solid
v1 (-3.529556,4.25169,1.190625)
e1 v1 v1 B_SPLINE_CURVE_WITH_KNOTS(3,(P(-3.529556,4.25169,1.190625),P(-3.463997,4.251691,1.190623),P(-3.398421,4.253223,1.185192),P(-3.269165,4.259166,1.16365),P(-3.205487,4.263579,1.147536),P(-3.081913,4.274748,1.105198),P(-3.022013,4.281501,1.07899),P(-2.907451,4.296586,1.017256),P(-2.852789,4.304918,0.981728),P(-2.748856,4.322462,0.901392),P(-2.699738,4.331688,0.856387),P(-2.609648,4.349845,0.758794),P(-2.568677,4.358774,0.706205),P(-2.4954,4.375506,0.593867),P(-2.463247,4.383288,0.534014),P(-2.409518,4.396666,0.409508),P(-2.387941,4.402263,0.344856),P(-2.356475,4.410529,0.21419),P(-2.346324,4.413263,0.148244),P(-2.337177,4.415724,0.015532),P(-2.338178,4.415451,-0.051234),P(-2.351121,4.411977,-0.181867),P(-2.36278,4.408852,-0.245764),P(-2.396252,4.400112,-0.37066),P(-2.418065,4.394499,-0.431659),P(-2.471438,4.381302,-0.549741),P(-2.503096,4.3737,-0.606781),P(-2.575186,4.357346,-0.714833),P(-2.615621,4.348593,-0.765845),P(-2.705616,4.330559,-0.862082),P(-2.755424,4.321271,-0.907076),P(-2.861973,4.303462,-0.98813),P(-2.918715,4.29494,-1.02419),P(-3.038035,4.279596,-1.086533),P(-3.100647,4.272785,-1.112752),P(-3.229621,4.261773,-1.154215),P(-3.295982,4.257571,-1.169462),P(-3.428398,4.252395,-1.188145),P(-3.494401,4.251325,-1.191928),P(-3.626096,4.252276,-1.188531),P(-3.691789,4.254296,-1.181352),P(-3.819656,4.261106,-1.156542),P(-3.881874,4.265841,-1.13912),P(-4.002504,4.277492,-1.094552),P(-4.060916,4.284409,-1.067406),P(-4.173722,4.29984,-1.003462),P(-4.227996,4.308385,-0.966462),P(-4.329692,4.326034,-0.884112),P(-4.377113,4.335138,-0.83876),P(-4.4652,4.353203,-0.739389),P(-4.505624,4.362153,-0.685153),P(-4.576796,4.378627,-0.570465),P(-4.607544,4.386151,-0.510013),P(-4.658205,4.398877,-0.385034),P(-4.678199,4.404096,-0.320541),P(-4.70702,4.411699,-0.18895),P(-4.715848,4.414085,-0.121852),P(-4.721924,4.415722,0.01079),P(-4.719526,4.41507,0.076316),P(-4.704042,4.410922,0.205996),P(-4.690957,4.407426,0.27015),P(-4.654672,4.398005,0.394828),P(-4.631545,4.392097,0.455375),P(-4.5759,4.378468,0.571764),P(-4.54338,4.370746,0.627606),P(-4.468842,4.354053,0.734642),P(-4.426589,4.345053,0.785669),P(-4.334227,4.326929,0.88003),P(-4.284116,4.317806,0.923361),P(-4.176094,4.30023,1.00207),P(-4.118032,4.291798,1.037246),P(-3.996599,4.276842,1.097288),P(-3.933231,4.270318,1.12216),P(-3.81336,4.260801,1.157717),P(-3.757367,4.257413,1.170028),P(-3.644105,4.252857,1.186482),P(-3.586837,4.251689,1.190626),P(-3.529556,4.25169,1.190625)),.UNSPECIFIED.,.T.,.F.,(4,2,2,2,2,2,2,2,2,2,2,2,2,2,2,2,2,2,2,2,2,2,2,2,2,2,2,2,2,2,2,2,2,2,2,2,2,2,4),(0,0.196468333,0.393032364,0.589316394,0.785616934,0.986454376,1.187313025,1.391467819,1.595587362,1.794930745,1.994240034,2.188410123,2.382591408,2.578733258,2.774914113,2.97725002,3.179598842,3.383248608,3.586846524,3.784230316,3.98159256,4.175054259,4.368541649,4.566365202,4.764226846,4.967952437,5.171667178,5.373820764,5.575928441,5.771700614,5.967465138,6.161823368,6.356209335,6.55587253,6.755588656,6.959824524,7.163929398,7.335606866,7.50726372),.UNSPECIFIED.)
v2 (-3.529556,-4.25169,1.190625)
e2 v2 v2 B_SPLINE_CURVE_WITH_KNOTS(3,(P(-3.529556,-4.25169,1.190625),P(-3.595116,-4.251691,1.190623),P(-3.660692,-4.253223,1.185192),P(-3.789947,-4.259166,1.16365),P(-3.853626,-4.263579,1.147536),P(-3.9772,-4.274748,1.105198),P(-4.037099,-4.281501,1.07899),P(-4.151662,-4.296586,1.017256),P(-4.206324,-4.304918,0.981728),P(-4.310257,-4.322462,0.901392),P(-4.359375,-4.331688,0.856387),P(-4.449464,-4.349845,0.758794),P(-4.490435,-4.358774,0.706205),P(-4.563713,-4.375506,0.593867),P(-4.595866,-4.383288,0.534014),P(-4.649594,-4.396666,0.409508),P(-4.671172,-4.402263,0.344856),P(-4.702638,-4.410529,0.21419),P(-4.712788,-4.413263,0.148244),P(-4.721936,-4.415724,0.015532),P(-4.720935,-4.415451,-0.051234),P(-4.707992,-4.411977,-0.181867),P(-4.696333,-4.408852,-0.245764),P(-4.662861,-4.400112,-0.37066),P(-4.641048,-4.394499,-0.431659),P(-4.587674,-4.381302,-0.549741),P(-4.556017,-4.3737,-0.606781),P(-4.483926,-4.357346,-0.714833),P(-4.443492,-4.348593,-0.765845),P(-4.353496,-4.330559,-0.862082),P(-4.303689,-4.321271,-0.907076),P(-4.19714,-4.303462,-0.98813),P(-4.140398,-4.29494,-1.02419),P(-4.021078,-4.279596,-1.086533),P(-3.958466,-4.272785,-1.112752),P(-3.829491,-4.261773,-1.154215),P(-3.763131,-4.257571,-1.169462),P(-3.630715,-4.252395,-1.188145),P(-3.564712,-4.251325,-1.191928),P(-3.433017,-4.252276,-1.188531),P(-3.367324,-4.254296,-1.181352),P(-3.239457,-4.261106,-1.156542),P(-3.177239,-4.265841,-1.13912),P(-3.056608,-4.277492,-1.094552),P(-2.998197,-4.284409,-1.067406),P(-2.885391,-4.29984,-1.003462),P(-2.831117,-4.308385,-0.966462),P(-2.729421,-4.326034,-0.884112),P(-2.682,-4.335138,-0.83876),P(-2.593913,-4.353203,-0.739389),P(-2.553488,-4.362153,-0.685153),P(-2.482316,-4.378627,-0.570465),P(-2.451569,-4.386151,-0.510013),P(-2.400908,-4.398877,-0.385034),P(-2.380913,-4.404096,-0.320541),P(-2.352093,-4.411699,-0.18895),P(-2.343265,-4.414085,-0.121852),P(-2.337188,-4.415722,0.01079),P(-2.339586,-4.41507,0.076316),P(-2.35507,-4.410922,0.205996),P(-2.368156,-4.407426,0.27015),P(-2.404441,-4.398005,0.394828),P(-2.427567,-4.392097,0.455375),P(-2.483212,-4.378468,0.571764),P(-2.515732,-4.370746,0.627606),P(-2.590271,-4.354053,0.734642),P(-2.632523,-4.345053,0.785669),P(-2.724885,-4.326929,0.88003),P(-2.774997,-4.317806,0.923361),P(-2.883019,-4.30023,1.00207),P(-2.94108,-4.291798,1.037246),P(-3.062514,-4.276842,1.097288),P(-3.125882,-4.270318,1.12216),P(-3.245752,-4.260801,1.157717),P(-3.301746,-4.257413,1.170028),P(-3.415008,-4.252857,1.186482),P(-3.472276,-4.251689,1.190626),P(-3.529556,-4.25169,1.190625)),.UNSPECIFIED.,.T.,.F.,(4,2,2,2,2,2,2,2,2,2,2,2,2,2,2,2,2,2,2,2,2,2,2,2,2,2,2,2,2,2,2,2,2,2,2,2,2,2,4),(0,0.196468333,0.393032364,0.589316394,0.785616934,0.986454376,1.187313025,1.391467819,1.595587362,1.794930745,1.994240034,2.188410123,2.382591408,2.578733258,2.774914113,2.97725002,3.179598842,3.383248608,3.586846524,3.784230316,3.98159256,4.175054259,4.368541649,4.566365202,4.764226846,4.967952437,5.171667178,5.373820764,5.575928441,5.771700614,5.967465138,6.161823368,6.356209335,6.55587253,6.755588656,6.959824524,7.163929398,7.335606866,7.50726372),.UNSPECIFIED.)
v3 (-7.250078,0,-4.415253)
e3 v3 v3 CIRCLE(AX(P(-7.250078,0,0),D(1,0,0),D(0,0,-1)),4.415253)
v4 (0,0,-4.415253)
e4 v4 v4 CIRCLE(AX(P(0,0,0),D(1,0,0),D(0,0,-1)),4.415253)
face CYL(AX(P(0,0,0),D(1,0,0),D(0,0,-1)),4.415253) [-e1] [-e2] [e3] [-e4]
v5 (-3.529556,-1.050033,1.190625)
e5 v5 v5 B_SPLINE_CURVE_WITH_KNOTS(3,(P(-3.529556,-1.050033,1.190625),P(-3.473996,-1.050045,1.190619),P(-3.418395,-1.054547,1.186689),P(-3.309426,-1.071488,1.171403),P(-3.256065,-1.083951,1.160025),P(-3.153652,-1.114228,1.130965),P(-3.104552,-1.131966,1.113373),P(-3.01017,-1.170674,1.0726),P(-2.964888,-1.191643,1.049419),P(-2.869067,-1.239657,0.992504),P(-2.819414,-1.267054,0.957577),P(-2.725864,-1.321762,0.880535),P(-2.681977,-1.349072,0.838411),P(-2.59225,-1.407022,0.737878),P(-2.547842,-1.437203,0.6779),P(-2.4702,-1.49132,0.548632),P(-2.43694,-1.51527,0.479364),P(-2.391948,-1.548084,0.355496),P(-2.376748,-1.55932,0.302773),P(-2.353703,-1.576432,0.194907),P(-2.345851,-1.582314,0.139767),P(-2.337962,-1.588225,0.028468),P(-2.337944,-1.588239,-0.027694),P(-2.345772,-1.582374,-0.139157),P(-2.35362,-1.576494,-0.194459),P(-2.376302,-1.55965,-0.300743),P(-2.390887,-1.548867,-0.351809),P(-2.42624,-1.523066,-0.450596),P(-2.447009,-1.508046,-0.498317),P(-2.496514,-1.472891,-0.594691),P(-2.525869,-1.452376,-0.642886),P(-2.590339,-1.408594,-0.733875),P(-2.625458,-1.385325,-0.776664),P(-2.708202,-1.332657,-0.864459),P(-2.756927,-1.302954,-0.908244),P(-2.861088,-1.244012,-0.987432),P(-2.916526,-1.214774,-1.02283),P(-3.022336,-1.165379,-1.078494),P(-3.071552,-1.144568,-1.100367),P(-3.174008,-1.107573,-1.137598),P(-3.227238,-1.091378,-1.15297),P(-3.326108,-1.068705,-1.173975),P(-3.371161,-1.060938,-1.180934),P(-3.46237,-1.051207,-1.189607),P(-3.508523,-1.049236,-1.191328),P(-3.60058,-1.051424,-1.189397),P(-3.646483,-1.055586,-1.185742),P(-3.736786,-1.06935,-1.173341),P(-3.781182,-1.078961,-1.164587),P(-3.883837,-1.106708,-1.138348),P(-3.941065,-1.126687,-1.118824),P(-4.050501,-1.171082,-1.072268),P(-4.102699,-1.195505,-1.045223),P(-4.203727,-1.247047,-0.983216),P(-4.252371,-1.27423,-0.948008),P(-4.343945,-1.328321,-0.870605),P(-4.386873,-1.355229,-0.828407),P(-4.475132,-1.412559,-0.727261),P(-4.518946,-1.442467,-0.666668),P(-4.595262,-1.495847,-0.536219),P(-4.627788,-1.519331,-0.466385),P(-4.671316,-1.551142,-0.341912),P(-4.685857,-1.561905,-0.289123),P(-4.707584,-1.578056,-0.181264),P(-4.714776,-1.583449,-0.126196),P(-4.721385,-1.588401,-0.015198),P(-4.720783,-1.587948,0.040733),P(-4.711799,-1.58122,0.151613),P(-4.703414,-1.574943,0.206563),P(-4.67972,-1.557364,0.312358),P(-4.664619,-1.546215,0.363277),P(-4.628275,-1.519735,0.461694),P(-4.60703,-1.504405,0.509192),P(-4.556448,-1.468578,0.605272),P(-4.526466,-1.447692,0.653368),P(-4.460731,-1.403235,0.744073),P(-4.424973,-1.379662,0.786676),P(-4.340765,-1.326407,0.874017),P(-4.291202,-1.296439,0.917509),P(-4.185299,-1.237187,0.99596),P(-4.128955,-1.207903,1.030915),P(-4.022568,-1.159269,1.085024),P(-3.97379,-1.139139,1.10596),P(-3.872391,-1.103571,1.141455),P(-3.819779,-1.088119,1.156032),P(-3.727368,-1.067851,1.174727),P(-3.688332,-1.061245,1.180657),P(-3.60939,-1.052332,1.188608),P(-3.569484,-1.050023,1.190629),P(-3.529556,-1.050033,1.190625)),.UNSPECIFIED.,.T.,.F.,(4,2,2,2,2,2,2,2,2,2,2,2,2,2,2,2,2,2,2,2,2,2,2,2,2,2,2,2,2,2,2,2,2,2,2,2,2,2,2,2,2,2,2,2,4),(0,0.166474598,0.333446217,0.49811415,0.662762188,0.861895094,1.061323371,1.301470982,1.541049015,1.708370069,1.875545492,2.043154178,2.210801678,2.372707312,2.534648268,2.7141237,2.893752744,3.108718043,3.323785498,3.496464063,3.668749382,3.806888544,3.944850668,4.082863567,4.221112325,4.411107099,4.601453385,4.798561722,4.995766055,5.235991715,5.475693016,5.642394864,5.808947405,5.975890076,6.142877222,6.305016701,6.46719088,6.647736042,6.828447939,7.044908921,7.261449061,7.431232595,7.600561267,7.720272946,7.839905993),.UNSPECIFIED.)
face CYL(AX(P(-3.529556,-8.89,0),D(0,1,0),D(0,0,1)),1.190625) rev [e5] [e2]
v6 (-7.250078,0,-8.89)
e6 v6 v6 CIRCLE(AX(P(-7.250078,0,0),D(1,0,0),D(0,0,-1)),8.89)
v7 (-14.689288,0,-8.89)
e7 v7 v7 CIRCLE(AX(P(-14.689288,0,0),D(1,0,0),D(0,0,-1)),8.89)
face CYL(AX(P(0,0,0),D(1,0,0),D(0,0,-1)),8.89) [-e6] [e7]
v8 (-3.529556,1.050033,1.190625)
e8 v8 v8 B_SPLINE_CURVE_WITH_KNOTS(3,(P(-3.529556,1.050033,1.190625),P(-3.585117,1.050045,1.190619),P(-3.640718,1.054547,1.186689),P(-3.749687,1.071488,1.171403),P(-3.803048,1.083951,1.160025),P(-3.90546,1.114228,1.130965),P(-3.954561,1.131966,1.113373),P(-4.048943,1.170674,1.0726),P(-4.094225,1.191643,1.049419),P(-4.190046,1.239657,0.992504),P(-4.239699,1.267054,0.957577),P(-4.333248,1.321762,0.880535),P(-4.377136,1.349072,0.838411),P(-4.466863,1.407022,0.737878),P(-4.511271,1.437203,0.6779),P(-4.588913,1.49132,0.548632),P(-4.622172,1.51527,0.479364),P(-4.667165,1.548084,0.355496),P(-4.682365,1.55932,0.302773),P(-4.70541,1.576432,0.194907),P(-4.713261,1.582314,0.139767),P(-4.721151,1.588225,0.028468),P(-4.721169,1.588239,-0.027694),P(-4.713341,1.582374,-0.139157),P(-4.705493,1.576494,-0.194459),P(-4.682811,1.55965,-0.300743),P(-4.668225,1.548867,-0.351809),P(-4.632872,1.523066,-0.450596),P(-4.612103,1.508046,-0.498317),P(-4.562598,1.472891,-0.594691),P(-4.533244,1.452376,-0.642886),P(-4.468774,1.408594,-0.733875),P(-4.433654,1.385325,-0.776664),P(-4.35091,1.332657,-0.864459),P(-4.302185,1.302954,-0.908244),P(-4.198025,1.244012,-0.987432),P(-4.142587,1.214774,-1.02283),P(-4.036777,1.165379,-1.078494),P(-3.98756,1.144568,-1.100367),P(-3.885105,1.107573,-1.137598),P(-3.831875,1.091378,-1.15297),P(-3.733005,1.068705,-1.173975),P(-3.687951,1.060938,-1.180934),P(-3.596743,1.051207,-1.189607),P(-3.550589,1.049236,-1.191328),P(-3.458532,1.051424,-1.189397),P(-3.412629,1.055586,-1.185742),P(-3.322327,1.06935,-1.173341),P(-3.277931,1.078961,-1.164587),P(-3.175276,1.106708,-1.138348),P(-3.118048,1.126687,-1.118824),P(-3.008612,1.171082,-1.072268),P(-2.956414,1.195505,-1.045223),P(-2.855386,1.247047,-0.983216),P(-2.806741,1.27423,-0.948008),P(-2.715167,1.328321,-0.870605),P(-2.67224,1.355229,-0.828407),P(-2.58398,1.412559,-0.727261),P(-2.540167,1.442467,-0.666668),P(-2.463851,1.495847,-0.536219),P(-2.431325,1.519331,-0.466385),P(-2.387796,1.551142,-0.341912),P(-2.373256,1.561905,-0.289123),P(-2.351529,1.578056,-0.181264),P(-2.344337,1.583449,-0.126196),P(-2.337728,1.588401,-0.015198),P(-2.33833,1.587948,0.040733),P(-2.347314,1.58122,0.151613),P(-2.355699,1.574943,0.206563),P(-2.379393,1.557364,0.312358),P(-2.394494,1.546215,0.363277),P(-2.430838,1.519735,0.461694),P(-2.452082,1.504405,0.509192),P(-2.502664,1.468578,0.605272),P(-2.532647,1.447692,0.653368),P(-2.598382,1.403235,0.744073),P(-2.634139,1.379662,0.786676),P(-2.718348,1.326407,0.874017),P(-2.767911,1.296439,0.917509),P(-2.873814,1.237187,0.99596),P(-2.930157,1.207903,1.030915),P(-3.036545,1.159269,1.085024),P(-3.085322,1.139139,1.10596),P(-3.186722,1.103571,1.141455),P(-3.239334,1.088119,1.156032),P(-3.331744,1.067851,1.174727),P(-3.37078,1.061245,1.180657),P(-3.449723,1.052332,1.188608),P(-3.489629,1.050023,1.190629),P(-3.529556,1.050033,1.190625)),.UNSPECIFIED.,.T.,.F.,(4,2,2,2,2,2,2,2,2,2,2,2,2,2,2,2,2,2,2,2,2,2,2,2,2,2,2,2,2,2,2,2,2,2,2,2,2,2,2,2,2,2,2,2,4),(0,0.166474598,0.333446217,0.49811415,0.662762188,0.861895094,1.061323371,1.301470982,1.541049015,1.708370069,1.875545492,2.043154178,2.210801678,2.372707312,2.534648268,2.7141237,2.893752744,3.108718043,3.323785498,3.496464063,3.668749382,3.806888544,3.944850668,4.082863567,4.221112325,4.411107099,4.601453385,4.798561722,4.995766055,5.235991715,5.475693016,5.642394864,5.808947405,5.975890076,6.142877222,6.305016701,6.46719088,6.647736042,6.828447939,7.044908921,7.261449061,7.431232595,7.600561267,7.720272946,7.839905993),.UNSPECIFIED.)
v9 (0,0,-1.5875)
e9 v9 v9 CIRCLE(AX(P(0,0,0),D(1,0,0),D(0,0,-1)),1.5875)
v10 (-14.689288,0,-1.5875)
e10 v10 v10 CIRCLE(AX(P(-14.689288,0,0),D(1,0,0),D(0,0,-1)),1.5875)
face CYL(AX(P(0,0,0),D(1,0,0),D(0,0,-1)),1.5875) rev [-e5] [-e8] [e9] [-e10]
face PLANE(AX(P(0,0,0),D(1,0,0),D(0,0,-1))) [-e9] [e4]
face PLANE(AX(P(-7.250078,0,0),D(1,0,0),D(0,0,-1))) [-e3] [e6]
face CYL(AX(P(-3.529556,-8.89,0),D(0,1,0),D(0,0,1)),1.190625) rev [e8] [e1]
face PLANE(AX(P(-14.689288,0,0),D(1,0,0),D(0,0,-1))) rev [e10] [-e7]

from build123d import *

# Parameters (mm, degrees)
CUT_EXTRUDE1_DEPTH      = 20.334926531
CUT_EXTRUDE1_DEPTH_BACK = 20.334926531
SKETCH2_R               = 1.190625


with BuildPart() as part:
    # Sketch1 → Revolve1 (revolve)
    with BuildSketch(Plane.XY):
        Polygon((0, 1.5875), (0, 4.415252691), (-7.250077802, 4.415252691), (-7.250077802, 8.89), (-14.689288069, 8.89), (-14.689288069, 1.5875), align=None)
    revolve(axis=Axis((0, 0, 0), (-1, 0, 0)))

    # Sketch2 → Cut-Extrude1 (cut, two sides: drawn at the far end of the back side and taken through both)
    with BuildSketch(Plane(origin=(0, 0, 0), x_dir=(1, 0, 0), z_dir=(0, 1, 0)).offset(-CUT_EXTRUDE1_DEPTH_BACK)):
        with Locations((-3.529556327, 0)):
            Circle(SKETCH2_R)
    extrude(amount=CUT_EXTRUDE1_DEPTH + CUT_EXTRUDE1_DEPTH_BACK, mode=Mode.SUBTRACT)


solid = part.part
